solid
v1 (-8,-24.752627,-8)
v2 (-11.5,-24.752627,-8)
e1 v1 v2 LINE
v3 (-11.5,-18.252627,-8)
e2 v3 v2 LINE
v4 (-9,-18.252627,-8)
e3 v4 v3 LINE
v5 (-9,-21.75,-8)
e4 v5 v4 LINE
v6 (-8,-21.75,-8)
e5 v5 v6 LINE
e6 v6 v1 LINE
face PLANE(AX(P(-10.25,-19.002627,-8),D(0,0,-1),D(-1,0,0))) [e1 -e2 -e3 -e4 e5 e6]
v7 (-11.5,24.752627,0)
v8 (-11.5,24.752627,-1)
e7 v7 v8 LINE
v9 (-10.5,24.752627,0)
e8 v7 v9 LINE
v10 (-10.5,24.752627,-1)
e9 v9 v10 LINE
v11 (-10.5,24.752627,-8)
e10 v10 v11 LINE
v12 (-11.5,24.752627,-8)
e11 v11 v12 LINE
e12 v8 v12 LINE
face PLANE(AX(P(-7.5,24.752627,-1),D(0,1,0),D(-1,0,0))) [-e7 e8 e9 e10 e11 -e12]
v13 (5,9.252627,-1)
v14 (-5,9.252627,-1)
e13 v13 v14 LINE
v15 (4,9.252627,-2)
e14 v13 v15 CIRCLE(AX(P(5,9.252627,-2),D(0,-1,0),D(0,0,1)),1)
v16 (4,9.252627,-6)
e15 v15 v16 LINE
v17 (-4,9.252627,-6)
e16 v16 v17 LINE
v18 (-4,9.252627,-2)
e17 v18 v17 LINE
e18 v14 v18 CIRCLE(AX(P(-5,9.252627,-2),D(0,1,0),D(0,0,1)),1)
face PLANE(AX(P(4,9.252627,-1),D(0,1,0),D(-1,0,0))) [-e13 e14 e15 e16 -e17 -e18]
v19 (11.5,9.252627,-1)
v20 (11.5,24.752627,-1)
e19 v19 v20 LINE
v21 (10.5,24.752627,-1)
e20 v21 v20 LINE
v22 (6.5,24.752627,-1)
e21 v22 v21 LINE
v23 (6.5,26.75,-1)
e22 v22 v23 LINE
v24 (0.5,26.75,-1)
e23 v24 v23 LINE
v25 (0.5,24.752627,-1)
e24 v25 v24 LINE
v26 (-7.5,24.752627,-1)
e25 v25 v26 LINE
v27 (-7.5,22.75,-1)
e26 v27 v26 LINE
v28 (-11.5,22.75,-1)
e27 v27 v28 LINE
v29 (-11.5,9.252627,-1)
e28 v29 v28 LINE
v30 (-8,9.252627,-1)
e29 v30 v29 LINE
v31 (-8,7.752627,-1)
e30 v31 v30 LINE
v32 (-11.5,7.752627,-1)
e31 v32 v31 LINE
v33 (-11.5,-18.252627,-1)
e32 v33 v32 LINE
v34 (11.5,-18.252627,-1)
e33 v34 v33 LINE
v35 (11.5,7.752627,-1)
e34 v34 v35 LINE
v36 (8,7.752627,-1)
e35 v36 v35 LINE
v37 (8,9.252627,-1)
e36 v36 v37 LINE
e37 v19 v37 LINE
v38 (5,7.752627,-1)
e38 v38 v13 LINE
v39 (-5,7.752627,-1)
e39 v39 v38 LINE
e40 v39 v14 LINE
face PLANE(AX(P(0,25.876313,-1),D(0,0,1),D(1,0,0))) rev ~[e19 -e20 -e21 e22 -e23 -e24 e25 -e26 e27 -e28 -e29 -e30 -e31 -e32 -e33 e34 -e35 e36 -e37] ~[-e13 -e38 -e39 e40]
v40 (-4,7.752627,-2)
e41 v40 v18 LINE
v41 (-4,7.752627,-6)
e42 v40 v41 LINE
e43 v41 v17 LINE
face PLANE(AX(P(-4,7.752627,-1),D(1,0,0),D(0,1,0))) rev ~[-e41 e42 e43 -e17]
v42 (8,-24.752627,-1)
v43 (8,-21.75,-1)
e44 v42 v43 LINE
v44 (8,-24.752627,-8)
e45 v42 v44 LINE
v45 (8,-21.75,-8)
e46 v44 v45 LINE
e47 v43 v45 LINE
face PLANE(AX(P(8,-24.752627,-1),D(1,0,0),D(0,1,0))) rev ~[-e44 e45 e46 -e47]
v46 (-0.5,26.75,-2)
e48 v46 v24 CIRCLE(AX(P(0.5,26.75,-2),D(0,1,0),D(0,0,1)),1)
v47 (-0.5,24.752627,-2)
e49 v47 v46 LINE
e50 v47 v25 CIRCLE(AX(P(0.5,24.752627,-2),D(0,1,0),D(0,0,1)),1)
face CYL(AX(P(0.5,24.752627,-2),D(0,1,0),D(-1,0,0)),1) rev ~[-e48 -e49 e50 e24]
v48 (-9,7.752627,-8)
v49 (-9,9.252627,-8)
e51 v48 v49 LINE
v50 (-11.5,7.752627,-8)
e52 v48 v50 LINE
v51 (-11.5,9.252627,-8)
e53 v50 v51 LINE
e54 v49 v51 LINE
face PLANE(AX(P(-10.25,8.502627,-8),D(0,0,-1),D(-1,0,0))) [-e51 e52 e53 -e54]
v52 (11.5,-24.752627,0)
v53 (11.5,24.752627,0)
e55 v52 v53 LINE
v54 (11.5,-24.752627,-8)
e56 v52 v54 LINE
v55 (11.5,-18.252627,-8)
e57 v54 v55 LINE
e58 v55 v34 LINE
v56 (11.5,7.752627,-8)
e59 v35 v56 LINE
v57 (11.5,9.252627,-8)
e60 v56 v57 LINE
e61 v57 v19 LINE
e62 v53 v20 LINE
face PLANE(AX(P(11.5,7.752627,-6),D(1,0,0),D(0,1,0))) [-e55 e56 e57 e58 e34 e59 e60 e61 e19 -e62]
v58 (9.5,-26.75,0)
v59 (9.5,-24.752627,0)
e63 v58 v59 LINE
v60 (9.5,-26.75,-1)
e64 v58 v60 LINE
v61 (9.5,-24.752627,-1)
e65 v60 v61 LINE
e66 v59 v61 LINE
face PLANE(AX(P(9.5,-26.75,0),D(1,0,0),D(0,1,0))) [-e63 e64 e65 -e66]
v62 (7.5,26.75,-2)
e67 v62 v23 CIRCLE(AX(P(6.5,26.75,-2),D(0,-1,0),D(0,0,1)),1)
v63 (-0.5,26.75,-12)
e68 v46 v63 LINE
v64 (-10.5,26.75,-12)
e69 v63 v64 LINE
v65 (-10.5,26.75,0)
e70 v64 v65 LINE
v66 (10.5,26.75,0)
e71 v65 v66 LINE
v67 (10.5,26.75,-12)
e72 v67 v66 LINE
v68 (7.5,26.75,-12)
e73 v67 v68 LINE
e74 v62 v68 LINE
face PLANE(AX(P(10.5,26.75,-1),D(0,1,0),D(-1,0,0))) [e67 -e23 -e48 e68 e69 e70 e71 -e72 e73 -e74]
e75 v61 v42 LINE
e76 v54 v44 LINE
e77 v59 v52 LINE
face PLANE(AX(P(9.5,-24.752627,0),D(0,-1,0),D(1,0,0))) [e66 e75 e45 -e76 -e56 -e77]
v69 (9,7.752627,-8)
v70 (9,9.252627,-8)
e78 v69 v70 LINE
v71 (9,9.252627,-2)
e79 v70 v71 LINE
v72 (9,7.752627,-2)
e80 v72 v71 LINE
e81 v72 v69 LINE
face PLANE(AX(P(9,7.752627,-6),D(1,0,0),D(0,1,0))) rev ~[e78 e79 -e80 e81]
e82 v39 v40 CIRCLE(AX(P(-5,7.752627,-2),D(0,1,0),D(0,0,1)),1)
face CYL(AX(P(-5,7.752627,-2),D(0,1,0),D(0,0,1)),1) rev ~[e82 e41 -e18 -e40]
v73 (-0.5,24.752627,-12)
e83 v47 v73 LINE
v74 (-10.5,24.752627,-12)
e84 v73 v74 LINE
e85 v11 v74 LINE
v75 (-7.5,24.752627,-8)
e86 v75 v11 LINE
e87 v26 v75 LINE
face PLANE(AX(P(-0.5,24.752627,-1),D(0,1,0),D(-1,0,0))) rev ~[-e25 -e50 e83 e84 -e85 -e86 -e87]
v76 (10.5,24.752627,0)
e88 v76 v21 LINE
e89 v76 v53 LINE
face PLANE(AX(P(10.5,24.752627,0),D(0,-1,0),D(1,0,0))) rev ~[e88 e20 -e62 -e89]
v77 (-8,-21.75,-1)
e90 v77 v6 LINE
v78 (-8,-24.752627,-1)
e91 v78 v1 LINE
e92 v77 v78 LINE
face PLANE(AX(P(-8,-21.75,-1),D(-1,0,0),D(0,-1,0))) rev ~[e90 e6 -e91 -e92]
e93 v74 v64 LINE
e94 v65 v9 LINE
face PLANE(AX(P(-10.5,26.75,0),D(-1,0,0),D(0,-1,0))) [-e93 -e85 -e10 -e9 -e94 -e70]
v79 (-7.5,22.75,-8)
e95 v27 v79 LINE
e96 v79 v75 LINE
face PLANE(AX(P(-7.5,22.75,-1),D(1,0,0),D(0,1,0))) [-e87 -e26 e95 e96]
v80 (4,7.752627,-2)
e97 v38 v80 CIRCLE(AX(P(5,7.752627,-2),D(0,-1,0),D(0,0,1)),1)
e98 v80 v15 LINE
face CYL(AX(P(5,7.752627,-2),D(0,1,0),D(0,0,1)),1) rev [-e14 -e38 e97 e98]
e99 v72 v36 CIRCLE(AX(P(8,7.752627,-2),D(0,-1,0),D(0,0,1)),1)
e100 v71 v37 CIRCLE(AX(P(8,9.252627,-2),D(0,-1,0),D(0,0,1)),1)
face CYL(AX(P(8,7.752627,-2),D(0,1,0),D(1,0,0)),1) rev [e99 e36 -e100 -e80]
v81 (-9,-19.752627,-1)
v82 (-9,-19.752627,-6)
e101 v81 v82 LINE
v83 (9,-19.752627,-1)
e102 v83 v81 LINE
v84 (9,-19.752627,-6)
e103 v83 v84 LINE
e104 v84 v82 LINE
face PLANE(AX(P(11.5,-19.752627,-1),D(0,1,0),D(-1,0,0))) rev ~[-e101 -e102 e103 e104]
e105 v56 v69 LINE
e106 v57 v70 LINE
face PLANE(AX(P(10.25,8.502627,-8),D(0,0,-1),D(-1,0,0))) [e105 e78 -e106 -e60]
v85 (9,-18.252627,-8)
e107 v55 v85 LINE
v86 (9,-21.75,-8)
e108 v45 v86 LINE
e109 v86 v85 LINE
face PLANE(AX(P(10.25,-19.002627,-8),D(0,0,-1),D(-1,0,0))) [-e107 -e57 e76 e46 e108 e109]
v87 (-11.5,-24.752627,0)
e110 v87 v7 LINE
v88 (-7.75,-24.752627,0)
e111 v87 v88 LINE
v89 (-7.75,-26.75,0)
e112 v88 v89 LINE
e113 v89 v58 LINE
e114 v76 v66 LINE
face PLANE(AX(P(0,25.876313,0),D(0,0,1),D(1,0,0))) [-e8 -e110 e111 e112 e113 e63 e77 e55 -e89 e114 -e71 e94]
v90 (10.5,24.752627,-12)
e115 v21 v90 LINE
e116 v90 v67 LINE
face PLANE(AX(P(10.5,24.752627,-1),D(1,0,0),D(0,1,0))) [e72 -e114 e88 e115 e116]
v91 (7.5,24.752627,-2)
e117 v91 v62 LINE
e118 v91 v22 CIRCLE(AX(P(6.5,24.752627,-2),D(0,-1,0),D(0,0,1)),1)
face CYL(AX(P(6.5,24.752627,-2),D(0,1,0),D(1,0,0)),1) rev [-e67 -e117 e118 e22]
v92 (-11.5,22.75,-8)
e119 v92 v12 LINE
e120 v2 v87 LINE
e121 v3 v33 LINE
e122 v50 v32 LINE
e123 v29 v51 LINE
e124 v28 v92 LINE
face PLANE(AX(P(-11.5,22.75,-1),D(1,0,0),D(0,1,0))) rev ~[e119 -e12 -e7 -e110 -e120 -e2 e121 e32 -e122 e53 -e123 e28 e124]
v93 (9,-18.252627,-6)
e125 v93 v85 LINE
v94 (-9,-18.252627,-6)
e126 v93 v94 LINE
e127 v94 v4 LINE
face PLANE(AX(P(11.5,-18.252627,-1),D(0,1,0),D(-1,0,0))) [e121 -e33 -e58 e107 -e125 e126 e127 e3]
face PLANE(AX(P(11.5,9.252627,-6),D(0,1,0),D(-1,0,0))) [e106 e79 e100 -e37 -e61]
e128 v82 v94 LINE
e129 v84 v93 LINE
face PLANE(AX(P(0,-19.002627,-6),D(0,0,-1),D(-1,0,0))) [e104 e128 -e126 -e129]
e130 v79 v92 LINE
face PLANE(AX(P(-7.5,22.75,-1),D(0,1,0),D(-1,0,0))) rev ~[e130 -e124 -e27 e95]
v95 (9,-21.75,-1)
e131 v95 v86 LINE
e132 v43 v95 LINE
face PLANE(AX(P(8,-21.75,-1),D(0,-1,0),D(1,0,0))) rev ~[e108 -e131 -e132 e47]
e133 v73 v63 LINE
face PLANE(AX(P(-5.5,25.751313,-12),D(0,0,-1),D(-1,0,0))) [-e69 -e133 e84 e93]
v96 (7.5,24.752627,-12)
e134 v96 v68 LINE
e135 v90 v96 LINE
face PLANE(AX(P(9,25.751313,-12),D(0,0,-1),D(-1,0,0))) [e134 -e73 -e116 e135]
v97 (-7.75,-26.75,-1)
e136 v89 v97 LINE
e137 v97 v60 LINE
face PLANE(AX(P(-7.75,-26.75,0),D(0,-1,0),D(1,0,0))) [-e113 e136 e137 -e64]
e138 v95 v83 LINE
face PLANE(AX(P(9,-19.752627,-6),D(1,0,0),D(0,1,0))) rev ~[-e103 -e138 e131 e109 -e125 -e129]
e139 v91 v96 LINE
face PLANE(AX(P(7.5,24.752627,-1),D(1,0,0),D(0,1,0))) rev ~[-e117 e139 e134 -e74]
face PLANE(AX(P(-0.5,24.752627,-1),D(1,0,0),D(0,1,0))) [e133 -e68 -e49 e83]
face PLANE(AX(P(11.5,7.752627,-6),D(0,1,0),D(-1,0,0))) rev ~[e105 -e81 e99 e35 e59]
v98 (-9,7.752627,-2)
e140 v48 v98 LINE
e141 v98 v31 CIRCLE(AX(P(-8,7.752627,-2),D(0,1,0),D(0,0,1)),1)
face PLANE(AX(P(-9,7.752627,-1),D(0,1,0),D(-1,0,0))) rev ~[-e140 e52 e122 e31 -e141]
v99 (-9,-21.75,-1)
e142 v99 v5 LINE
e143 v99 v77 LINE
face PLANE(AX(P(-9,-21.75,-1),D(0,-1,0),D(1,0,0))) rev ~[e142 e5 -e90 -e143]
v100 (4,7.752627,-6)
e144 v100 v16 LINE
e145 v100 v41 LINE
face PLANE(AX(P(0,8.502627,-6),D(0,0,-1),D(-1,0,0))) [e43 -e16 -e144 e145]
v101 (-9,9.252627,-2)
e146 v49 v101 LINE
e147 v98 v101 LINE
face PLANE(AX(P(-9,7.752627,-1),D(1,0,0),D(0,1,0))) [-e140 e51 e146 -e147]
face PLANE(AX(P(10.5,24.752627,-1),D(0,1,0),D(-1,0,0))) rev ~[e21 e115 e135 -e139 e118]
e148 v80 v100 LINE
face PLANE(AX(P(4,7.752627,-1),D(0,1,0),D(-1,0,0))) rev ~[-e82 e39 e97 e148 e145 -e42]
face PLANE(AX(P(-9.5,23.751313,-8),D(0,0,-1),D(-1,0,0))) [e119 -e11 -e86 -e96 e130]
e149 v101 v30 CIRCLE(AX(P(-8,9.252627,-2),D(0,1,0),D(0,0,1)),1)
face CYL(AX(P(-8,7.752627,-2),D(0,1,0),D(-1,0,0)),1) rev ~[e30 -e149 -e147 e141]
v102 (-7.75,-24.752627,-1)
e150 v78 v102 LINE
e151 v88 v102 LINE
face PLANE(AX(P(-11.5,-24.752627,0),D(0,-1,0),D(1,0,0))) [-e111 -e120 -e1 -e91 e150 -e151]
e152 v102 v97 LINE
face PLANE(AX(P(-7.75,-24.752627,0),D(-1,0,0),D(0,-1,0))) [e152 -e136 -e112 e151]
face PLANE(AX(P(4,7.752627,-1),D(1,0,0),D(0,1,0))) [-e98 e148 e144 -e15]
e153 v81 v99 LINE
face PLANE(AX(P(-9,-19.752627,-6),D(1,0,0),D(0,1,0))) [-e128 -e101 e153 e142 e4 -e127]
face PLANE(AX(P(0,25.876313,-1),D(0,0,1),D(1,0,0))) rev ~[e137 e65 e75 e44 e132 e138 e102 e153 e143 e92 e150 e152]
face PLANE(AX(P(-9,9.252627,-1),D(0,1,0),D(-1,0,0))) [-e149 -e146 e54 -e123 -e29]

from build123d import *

# Parameters (mm, degrees)
SKETCH1_W           = 21
SKETCH1_H           = 1.747373259
SKETCH1_H_2         = 0.25
SKETCH1_W_2         = 23
SKETCH1_H_3         = 49.505253482
SKETCH1_W_3         = 17.25
BOSS_EXTRUDE1_DEPTH = 1
SKETCH2_W           = 23
SKETCH2_H           = 1.5
SKETCH2_W_2         = 2.5
SKETCH2_W_3         = 8
BOSS_EXTRUDE2_DEPTH = 5
SKETCH3_W           = 2.5
SKETCH3_H           = 1.5
BOSS_EXTRUDE3_DEPTH = 2
SKETCH4_W           = 3
SKETCH4_H           = 1.997373259
SKETCH4_W_2         = 10
BOSS_EXTRUDE4_DEPTH = 11
SKETCH5_W           = 4
SKETCH5_H           = 2.002626741
BOSS_EXTRUDE5_DEPTH = 7
FILLET1_R           = 1


with BuildPart() as part:
    # Sketch1 → Boss-Extrude1 (new body)
    with BuildSketch(Plane.XY):
        with Locations((0, 25.876313371)):
            Rectangle(SKETCH1_W, SKETCH1_H)
        with Locations((0, 24.877626741)):
            Rectangle(SKETCH1_W, SKETCH1_H_2)
        Rectangle(SKETCH1_W_2, SKETCH1_H_3)
        with Locations((0.875, -24.877626741)):
            Rectangle(SKETCH1_W_3, SKETCH1_H_2)
        with Locations((0.875, -25.876313371)):
            Rectangle(SKETCH1_W_3, SKETCH1_H)
    extrude(amount=-BOSS_EXTRUDE1_DEPTH)

    # Sketch2 → Boss-Extrude2 (add)
    with BuildSketch(Plane(origin=(0, 0, -1), x_dir=(-1, 0, 0), z_dir=(0, 0, -1))):
        with Locations((0, -19.002626741)):
            Rectangle(SKETCH2_W, SKETCH2_H)
        with Locations((-10.25, 8.502626741)):
            Rectangle(SKETCH2_W_2, SKETCH2_H)
        with Locations((0, 8.502626741)):
            Rectangle(SKETCH2_W_3, SKETCH2_H)
        with Locations((10.25, 8.502626741)):
            Rectangle(SKETCH2_W_2, SKETCH2_H)
    extrude(amount=BOSS_EXTRUDE2_DEPTH)

    # Sketch3 → Boss-Extrude3 (add)
    with BuildSketch(Plane(origin=(0, 0, -6), x_dir=(-1, 0, 0), z_dir=(0, 0, -1))):
        with Locations((-10.25, 8.502626741)):
            Rectangle(SKETCH3_W, SKETCH3_H)
        with Locations((10.25, 8.502626741)):
            Rectangle(SKETCH3_W, SKETCH3_H)
        with Locations((-10.25, -19.002626741)):
            Rectangle(SKETCH3_W, SKETCH3_H)
        with Locations((10.25, -19.002626741)):
            Rectangle(SKETCH3_W, SKETCH3_H)
    extrude(amount=BOSS_EXTRUDE3_DEPTH)

    # Sketch4 → Boss-Extrude4 (add)
    with BuildSketch(Plane(origin=(0, 0, -1), x_dir=(-1, 0, 0), z_dir=(0, 0, -1))):
        with Locations((-9, 25.751313371)):
            Rectangle(SKETCH4_W, SKETCH4_H)
        with Locations((5.5, 25.751313371)):
            Rectangle(SKETCH4_W_2, SKETCH4_H)
    extrude(amount=BOSS_EXTRUDE4_DEPTH)

    # Sketch5 → Boss-Extrude5 (add)
    with BuildSketch(Plane(origin=(0, 0, -1), x_dir=(-1, 0, 0), z_dir=(0, 0, -1))):
        with Locations((9.5, 23.751313371)):
            Rectangle(SKETCH5_W, SKETCH5_H)
        Polygon((8, -24.752626741), (11.5, -24.752626741), (11.5, -19.752626741), (9, -19.752626741), (9, -21.75), (8, -21.75), align=None)
        Polygon((-11.5, -24.752626741), (-8, -24.752626741), (-8, -21.75), (-9, -21.75), (-9, -19.752626741), (-11.5, -19.752626741), align=None)
    extrude(amount=BOSS_EXTRUDE5_DEPTH)

    # Fillet1
    fillet1_edges = [part.edges().sort_by_distance(p)[0] for p in [
        (7.5, 25.75131337, -1),
        (-0.5, 25.75131337, -1),
        (-4, 8.502626741, -1),
        (4, 8.502626741, -1),
        (9, 8.502626741, -1),
        (-9, 8.502626741, -1),
    ]]
    fillet(fillet1_edges, radius=FILLET1_R)


solid = part.part
